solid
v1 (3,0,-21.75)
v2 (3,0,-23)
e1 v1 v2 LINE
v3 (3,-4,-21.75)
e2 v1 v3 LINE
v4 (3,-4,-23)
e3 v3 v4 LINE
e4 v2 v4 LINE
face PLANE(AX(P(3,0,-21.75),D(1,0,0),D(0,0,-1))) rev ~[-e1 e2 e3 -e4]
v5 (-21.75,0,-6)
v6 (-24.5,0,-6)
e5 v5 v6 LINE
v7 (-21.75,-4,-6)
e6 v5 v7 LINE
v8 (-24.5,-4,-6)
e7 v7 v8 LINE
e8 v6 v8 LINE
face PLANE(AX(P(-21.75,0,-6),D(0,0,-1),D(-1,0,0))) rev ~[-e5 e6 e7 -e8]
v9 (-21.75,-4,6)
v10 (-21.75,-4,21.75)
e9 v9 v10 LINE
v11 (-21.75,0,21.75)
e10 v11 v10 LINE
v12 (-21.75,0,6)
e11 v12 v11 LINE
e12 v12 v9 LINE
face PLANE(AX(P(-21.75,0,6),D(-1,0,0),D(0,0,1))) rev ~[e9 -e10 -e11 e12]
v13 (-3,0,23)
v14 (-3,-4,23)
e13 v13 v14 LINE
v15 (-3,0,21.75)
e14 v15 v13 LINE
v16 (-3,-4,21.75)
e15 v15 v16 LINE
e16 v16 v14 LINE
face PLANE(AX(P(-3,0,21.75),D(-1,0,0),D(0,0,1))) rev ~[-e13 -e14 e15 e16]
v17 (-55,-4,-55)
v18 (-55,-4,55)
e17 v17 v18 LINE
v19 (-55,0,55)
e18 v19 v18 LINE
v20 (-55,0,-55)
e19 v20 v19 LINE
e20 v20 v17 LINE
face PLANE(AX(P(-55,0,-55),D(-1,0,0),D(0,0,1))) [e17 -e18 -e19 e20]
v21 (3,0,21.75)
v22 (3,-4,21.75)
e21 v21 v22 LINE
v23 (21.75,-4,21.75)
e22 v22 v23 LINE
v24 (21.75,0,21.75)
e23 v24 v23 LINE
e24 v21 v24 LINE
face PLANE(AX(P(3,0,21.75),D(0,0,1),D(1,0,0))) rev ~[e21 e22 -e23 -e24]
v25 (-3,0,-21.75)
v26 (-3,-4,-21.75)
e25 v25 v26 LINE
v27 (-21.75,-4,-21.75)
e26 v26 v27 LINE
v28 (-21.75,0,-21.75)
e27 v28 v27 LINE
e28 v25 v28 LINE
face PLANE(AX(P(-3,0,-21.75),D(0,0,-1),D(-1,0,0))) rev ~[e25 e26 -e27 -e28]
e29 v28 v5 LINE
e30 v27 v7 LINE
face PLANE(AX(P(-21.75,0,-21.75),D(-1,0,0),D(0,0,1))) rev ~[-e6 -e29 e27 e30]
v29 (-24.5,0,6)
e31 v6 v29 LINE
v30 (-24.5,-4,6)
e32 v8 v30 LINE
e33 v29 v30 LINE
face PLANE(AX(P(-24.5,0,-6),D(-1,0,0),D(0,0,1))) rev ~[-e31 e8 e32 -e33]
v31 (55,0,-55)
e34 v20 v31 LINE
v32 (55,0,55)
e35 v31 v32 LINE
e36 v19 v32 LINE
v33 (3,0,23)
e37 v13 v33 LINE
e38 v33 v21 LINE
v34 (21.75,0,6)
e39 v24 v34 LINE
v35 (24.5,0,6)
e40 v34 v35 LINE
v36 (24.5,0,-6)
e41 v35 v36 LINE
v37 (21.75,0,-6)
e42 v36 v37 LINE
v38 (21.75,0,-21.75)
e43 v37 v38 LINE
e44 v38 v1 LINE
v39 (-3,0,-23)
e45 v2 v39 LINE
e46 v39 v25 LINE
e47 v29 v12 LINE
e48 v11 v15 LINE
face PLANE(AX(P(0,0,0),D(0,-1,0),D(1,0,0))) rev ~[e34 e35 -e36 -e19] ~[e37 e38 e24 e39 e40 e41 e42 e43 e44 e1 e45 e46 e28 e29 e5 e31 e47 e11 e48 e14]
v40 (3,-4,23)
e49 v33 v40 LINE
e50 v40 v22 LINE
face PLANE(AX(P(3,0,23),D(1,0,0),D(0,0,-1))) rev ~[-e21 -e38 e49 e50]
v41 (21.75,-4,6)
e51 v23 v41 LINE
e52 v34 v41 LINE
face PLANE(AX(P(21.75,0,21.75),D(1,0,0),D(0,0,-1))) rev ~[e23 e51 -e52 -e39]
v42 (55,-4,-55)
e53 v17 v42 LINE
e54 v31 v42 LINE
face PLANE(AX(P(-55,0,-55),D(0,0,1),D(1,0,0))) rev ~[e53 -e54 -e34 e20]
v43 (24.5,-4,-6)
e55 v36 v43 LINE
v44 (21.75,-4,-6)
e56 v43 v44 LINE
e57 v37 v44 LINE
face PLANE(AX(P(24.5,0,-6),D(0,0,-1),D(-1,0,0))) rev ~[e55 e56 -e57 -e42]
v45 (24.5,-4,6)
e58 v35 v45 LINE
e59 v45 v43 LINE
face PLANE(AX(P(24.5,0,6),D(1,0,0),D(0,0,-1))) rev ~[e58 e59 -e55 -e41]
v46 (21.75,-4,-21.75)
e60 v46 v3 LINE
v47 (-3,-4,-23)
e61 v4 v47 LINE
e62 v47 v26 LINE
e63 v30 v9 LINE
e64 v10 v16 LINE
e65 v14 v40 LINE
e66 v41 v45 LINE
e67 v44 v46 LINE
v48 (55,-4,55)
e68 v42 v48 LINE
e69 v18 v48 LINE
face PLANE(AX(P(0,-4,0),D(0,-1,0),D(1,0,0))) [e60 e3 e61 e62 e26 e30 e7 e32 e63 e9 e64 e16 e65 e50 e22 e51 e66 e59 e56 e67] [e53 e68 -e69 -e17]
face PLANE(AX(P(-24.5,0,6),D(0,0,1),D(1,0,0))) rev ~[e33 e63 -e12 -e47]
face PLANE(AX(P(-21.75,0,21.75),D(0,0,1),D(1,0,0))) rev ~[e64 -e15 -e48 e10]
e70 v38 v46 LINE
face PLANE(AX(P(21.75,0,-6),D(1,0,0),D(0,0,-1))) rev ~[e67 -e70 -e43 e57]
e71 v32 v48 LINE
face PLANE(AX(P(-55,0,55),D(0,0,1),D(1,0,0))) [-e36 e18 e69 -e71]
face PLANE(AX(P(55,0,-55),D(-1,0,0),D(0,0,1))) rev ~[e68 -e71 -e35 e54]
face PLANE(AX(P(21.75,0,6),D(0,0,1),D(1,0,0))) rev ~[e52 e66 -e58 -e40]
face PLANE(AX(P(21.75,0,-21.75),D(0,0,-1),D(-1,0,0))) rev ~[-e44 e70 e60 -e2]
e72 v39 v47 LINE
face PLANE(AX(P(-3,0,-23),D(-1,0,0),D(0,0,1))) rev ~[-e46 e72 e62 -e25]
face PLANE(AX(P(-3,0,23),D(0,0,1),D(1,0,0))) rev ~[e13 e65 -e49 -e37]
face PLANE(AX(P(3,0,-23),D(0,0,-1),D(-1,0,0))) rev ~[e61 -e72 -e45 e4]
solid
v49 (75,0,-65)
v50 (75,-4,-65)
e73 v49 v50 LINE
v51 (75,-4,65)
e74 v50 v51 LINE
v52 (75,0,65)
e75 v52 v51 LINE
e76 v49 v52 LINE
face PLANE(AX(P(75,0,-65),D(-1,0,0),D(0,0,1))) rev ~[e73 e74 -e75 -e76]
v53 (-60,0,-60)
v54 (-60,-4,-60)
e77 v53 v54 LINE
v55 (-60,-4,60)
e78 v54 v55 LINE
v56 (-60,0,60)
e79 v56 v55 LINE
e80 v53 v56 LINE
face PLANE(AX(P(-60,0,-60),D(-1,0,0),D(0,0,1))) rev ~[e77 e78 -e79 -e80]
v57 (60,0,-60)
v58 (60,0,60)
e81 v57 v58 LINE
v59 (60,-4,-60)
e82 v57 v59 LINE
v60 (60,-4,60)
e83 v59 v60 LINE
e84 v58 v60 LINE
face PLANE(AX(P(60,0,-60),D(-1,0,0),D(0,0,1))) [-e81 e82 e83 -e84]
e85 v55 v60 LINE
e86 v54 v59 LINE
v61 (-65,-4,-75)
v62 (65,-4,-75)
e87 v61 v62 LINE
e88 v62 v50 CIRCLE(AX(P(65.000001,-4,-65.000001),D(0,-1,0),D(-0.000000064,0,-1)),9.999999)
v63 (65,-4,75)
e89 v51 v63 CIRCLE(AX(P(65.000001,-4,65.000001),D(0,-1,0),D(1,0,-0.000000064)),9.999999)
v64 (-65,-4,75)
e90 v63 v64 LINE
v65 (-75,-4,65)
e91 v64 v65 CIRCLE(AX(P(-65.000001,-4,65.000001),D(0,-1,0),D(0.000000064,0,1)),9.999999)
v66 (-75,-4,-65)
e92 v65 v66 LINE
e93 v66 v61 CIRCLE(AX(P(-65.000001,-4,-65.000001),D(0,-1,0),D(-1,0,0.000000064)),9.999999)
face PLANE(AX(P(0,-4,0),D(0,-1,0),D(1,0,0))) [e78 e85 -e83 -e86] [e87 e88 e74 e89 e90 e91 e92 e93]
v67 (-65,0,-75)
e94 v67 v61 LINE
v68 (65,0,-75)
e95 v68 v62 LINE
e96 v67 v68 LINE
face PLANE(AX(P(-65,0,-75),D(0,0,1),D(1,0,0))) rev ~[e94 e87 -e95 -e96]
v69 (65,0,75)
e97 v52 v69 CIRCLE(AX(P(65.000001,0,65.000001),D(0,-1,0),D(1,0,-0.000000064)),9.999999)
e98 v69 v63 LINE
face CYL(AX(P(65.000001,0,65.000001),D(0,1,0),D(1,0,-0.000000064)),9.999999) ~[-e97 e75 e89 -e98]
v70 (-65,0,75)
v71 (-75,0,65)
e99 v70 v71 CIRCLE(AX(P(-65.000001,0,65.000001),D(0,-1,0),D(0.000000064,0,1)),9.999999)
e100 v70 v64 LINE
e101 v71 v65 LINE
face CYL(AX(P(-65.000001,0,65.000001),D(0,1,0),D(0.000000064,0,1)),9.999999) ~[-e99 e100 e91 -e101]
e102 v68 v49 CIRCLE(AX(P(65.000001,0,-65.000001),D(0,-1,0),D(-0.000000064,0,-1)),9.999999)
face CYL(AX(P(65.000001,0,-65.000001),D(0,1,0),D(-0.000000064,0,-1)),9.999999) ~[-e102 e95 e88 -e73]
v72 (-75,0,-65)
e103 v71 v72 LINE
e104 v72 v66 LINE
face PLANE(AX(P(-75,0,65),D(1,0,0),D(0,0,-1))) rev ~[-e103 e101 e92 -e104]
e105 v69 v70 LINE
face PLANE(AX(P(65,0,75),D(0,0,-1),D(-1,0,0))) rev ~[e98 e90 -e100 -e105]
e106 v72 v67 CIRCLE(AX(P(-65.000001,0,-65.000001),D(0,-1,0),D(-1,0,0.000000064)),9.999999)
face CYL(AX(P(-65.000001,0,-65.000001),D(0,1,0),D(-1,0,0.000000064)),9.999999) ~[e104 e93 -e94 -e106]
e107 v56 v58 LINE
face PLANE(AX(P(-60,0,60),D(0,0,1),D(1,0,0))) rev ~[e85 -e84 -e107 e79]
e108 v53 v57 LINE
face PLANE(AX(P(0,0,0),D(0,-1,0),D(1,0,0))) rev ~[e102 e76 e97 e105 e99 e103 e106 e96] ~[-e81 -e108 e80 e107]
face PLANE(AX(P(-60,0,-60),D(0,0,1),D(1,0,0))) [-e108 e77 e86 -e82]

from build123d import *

# Parameters (mm, degrees)
F0_W     = 120
F0_H     = 120
F0_W_2   = 110
F0_H_2   = 110
F1_DEPTH = 4


with BuildPart() as f1:
    # F0 (on Front) → F1 (new body)
    with BuildSketch(Plane.XZ):
        with BuildLine():
            Line((-65, -75), (65, -75))
            ThreePointArc((65, -75), (72.071068, -72.071068), (75, -65))
            Line((75, -65), (75, 65))
            ThreePointArc((75, 65), (72.071068, 72.071068), (65, 75))
            Line((65, 75), (-65, 75))
            ThreePointArc((-65, 75), (-72.071068, 72.071068), (-75, 65))
            Line((-75, 65), (-75, -65))
            ThreePointArc((-75, -65), (-72.071068, -72.071068), (-65, -75))
        make_face()
        Rectangle(F0_W, F0_H, mode=Mode.SUBTRACT)
        Rectangle(F0_W_2, F0_H_2)
        Polygon((21.75, -6), (21.75, -21.75), (3, -21.75), (3, -23), (-3, -23), (-3, -21.75), (-21.75, -21.75), (-21.75, -6), (-24.5, -6), (-24.5, 6), (-21.75, 6), (-21.75, 21.75), (-3, 21.75), (-3, 23), (3, 23), (3, 21.75), (21.75, 21.75), (21.75, 6), (24.5, 6), (24.5, -6), align=None, mode=Mode.SUBTRACT)
    extrude(amount=F1_DEPTH)


solid = f1.part
